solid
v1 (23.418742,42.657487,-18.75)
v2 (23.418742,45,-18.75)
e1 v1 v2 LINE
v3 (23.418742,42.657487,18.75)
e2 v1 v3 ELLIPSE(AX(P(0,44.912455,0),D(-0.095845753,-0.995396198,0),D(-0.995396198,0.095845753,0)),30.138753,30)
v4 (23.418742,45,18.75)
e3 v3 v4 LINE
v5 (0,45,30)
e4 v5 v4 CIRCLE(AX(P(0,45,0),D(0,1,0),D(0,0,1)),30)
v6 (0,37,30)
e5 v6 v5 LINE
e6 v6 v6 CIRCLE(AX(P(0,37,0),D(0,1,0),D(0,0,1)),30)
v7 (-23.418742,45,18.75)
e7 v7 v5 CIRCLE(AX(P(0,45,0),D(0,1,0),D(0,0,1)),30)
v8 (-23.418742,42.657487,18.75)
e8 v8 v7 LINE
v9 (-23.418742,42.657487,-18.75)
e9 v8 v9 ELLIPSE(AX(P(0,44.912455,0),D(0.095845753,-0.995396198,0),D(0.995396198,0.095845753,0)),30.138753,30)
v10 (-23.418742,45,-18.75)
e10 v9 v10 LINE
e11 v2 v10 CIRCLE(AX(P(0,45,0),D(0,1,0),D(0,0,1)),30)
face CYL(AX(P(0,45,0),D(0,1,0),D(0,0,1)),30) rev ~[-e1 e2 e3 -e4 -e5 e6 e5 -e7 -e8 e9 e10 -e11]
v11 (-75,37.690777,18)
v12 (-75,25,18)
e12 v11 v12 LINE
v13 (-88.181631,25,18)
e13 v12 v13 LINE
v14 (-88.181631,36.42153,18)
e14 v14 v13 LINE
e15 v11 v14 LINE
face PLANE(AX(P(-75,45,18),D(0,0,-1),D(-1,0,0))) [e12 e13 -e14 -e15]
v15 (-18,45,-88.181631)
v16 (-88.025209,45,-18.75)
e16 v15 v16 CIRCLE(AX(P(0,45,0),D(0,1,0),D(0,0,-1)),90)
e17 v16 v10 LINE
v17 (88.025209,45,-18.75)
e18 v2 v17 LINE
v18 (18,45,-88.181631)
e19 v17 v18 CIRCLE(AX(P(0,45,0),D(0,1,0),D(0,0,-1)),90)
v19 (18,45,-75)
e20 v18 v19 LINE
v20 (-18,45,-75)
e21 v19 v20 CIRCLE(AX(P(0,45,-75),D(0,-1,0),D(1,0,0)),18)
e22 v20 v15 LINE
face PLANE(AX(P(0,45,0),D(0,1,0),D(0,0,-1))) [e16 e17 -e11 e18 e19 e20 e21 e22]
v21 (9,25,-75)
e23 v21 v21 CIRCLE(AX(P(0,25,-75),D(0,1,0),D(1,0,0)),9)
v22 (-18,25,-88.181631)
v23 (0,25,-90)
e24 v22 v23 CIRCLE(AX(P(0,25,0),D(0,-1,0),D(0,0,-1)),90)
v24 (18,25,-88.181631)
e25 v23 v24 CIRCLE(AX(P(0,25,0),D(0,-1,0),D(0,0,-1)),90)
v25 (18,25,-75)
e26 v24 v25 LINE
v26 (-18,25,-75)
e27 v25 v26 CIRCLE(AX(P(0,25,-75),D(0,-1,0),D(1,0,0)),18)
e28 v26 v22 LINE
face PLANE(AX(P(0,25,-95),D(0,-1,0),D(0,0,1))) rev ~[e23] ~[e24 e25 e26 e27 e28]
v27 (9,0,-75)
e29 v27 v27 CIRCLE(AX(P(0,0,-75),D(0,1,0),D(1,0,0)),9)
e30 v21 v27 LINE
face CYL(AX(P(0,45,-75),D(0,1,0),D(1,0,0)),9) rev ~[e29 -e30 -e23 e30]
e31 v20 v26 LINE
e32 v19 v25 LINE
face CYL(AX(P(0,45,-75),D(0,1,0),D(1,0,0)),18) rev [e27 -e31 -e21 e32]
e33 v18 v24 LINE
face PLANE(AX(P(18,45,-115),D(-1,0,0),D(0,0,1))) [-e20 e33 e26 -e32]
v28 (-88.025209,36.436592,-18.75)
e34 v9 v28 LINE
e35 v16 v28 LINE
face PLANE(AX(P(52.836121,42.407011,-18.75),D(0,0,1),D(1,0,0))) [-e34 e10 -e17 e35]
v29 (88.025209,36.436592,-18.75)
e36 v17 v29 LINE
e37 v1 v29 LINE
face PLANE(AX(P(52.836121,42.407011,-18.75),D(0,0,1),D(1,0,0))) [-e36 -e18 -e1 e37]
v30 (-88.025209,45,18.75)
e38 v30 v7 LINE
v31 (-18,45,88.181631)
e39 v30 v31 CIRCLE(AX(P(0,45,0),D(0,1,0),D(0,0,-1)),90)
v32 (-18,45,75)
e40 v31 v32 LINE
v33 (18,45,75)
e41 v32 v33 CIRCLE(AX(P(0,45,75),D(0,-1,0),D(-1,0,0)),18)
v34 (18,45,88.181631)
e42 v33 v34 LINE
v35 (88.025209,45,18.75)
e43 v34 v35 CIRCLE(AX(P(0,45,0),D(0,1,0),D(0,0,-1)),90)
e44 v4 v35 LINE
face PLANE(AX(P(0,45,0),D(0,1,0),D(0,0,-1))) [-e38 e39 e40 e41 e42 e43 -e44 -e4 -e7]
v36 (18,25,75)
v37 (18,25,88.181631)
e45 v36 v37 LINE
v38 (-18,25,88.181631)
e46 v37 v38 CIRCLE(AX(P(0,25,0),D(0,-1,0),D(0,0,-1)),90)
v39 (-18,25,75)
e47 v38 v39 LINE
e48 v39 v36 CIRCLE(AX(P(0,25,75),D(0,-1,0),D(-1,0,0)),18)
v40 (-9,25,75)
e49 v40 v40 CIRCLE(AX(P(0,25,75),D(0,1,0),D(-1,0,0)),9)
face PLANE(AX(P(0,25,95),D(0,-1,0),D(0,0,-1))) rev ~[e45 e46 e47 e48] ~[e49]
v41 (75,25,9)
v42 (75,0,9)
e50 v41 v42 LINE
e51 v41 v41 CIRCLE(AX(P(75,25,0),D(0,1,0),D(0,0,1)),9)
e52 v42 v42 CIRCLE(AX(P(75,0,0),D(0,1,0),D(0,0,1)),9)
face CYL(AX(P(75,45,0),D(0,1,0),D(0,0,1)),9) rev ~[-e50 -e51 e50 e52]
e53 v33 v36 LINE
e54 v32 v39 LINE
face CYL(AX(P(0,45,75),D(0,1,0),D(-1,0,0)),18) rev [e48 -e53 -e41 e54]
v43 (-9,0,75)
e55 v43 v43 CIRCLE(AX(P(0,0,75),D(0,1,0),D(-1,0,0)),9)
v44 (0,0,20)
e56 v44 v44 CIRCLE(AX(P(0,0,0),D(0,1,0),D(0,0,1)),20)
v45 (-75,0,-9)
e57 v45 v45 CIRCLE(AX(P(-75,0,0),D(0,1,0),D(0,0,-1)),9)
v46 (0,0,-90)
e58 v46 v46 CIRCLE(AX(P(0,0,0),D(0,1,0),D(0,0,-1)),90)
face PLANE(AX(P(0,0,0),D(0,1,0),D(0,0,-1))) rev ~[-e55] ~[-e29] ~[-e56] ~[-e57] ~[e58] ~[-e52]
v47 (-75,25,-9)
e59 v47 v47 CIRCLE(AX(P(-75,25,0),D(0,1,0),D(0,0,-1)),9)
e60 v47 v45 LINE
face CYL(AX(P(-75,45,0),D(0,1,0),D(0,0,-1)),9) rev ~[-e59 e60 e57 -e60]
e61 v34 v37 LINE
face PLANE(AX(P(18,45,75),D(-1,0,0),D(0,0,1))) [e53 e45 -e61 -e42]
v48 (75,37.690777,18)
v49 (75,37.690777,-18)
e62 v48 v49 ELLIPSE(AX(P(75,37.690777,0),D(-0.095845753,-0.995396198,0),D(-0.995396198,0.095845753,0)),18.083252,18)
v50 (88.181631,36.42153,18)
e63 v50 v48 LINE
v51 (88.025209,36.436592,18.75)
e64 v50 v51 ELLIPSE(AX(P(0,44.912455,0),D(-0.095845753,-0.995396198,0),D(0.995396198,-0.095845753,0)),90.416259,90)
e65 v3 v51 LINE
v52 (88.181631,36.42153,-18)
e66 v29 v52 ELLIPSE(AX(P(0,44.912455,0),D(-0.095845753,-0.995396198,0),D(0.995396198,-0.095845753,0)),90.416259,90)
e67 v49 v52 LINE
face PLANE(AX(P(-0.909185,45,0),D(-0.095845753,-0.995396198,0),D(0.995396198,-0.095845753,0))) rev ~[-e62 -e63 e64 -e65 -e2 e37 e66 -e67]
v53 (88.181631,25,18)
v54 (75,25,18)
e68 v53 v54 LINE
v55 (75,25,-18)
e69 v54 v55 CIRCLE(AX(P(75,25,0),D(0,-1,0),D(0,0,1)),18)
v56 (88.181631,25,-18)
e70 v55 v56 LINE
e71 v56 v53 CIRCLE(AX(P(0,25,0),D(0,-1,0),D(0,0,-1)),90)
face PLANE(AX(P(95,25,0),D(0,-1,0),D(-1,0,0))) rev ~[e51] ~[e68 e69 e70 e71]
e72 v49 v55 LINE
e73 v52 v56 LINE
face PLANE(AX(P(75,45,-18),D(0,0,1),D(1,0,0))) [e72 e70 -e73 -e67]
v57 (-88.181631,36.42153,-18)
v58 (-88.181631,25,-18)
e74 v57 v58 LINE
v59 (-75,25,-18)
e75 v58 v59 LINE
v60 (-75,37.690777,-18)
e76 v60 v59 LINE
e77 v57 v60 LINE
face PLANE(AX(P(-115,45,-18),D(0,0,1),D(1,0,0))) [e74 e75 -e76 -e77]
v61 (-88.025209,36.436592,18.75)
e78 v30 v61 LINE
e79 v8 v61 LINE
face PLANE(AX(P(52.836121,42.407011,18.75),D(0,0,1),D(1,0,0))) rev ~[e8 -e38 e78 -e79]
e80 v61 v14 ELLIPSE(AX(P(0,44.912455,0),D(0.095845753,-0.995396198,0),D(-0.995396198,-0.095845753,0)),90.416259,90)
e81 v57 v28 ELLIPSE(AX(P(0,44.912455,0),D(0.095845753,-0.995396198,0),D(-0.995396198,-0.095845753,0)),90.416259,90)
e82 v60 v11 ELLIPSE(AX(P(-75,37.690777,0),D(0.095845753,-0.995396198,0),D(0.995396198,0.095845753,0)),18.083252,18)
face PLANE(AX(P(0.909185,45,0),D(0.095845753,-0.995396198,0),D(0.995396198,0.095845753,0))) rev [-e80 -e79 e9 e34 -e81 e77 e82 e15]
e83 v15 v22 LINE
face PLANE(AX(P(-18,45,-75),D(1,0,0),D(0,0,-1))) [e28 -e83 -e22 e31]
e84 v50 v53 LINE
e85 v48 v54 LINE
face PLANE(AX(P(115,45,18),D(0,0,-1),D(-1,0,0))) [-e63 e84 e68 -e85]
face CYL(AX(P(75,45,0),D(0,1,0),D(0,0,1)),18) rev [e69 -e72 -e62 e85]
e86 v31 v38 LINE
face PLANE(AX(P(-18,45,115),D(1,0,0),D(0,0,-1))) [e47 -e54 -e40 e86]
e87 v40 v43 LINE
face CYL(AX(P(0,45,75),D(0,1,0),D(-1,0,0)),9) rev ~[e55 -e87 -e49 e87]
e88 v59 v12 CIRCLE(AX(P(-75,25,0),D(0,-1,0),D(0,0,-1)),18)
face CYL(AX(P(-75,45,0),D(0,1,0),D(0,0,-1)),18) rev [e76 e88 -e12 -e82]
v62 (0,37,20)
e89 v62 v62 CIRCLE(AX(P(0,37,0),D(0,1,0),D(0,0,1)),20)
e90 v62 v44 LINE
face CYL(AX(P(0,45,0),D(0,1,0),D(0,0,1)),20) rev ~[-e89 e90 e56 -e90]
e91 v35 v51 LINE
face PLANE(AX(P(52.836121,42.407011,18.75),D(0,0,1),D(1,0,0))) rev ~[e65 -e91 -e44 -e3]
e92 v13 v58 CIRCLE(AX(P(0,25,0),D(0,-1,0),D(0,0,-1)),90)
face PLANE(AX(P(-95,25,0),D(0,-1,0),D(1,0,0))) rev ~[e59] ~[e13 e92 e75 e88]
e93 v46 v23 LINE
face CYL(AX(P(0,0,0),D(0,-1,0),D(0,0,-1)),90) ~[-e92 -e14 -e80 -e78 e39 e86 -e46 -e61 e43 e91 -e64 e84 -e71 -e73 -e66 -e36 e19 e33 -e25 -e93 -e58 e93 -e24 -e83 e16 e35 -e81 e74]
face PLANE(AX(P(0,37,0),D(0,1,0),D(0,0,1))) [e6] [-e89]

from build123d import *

# Parameters (mm, degrees)
ESQUISSE1_R                  = 90
BOSS_EXTRU_1_DEPTH           = 45
ESQUISSE2_R                  = 9
ENL_V_MAT_EXTRU_1_DEPTH      = 45
ESQUISSE2_3_R                = 9
ENL_V_MAT_EXTRU_2_DEPTH      = 20
ENL_V_MAT_EXTRU_3_DEPTH      = 18.75
R_P_TITION_CIRCULAIRE2_COUNT = 4
ESQUISSE4_R                  = 30
ENL_V_MAT_EXTRU_4_DEPTH      = 8
ESQUISSE4_3_R                = 20
ENL_V_MAT_EXTRU_5_DEPTH      = 136


with BuildPart() as part:
    # Esquisse1 → Boss.-Extru.1 (new body)
    with BuildSketch(Plane(origin=(0, 0, 0), x_dir=(1, 0, 0), z_dir=(0, 1, 0))):
        Circle(ESQUISSE1_R)
    extrude(amount=BOSS_EXTRU_1_DEPTH)

    # Esquisse2 → Enlèv. mat.-Extru.1 (cut)
    with BuildSketch(Plane(origin=(0, 45, 0), x_dir=(1, 0, 0), z_dir=(0, 1, 0))):
        with Locations((75, 0)):
            Circle(ESQUISSE2_R)
    enl_v_mat_extru_1 = extrude(amount=-ENL_V_MAT_EXTRU_1_DEPTH, mode=Mode.SUBTRACT)

    # Esquisse2<3> → Enlèv. mat.-Extru.2 (cut)
    with BuildSketch(Plane(origin=(0, 45, 0), x_dir=(1, 0, 0), z_dir=(0, 1, 0))):
        with BuildLine():
            Line((75, 18), (115, 18))
            ThreePointArc((115, 18), (133, 0), (115, -18))
            Line((115, -18), (75, -18))
            ThreePointArc((75, -18), (57, 0), (75, 18))
        make_face()
        with Locations((75, 0)):
            Circle(ESQUISSE2_3_R, mode=Mode.SUBTRACT)
    enl_v_mat_extru_2 = extrude(amount=-ENL_V_MAT_EXTRU_2_DEPTH, mode=Mode.SUBTRACT)

    # Esquisse3 → Enlèv. mat.-Extru.3 (cut, symmetric)
    with BuildSketch(Plane.XY):
        Polygon((-0.90918463, 45), (101.87081537, 35.103411626), (101.87081537, 45), align=None)
    enl_v_mat_extru_3 = extrude(amount=ENL_V_MAT_EXTRU_3_DEPTH, both=True, mode=Mode.SUBTRACT)

    # Symétrie1: Enlèv. mat.-Extru.3 across plane
    add(enl_v_mat_extru_3.mirror(Plane(origin=(0, 0, 0), x_dir=(0, 0, 1), z_dir=(1, 0, 0))), mode=Mode.SUBTRACT)

    # Répétition circulaire2: Enlèv. mat.-Extru.1, Enlèv. mat.-Extru.2 ×4 about axis
    r_p_tition_circulaire2_axis = Axis((0, 0, 0), (0, 1, 0))
    add([enl_v_mat_extru_1.rotate(r_p_tition_circulaire2_axis, i * 360 / R_P_TITION_CIRCULAIRE2_COUNT) for i in range(1, R_P_TITION_CIRCULAIRE2_COUNT)], mode=Mode.SUBTRACT)
    add([enl_v_mat_extru_2.rotate(r_p_tition_circulaire2_axis, i * 360 / R_P_TITION_CIRCULAIRE2_COUNT) for i in range(1, R_P_TITION_CIRCULAIRE2_COUNT)], mode=Mode.SUBTRACT)

    # Esquisse4 → Enlèv. mat.-Extru.4 (cut, symmetric)
    with BuildSketch(Plane(origin=(0, 45, 0), x_dir=(1, 0, 0), z_dir=(0, 1, 0))):
        Circle(ESQUISSE4_R)
    extrude(amount=ENL_V_MAT_EXTRU_4_DEPTH, both=True, mode=Mode.SUBTRACT)

    # Esquisse4<3> → Enlèv. mat.-Extru.5 (cut, through all)
    with BuildSketch(Plane(origin=(0, 45, 0), x_dir=(1, 0, 0), z_dir=(0, 1, 0))):
        Circle(ESQUISSE4_3_R)
    extrude(amount=-ENL_V_MAT_EXTRU_5_DEPTH, mode=Mode.SUBTRACT)


solid = part.part
